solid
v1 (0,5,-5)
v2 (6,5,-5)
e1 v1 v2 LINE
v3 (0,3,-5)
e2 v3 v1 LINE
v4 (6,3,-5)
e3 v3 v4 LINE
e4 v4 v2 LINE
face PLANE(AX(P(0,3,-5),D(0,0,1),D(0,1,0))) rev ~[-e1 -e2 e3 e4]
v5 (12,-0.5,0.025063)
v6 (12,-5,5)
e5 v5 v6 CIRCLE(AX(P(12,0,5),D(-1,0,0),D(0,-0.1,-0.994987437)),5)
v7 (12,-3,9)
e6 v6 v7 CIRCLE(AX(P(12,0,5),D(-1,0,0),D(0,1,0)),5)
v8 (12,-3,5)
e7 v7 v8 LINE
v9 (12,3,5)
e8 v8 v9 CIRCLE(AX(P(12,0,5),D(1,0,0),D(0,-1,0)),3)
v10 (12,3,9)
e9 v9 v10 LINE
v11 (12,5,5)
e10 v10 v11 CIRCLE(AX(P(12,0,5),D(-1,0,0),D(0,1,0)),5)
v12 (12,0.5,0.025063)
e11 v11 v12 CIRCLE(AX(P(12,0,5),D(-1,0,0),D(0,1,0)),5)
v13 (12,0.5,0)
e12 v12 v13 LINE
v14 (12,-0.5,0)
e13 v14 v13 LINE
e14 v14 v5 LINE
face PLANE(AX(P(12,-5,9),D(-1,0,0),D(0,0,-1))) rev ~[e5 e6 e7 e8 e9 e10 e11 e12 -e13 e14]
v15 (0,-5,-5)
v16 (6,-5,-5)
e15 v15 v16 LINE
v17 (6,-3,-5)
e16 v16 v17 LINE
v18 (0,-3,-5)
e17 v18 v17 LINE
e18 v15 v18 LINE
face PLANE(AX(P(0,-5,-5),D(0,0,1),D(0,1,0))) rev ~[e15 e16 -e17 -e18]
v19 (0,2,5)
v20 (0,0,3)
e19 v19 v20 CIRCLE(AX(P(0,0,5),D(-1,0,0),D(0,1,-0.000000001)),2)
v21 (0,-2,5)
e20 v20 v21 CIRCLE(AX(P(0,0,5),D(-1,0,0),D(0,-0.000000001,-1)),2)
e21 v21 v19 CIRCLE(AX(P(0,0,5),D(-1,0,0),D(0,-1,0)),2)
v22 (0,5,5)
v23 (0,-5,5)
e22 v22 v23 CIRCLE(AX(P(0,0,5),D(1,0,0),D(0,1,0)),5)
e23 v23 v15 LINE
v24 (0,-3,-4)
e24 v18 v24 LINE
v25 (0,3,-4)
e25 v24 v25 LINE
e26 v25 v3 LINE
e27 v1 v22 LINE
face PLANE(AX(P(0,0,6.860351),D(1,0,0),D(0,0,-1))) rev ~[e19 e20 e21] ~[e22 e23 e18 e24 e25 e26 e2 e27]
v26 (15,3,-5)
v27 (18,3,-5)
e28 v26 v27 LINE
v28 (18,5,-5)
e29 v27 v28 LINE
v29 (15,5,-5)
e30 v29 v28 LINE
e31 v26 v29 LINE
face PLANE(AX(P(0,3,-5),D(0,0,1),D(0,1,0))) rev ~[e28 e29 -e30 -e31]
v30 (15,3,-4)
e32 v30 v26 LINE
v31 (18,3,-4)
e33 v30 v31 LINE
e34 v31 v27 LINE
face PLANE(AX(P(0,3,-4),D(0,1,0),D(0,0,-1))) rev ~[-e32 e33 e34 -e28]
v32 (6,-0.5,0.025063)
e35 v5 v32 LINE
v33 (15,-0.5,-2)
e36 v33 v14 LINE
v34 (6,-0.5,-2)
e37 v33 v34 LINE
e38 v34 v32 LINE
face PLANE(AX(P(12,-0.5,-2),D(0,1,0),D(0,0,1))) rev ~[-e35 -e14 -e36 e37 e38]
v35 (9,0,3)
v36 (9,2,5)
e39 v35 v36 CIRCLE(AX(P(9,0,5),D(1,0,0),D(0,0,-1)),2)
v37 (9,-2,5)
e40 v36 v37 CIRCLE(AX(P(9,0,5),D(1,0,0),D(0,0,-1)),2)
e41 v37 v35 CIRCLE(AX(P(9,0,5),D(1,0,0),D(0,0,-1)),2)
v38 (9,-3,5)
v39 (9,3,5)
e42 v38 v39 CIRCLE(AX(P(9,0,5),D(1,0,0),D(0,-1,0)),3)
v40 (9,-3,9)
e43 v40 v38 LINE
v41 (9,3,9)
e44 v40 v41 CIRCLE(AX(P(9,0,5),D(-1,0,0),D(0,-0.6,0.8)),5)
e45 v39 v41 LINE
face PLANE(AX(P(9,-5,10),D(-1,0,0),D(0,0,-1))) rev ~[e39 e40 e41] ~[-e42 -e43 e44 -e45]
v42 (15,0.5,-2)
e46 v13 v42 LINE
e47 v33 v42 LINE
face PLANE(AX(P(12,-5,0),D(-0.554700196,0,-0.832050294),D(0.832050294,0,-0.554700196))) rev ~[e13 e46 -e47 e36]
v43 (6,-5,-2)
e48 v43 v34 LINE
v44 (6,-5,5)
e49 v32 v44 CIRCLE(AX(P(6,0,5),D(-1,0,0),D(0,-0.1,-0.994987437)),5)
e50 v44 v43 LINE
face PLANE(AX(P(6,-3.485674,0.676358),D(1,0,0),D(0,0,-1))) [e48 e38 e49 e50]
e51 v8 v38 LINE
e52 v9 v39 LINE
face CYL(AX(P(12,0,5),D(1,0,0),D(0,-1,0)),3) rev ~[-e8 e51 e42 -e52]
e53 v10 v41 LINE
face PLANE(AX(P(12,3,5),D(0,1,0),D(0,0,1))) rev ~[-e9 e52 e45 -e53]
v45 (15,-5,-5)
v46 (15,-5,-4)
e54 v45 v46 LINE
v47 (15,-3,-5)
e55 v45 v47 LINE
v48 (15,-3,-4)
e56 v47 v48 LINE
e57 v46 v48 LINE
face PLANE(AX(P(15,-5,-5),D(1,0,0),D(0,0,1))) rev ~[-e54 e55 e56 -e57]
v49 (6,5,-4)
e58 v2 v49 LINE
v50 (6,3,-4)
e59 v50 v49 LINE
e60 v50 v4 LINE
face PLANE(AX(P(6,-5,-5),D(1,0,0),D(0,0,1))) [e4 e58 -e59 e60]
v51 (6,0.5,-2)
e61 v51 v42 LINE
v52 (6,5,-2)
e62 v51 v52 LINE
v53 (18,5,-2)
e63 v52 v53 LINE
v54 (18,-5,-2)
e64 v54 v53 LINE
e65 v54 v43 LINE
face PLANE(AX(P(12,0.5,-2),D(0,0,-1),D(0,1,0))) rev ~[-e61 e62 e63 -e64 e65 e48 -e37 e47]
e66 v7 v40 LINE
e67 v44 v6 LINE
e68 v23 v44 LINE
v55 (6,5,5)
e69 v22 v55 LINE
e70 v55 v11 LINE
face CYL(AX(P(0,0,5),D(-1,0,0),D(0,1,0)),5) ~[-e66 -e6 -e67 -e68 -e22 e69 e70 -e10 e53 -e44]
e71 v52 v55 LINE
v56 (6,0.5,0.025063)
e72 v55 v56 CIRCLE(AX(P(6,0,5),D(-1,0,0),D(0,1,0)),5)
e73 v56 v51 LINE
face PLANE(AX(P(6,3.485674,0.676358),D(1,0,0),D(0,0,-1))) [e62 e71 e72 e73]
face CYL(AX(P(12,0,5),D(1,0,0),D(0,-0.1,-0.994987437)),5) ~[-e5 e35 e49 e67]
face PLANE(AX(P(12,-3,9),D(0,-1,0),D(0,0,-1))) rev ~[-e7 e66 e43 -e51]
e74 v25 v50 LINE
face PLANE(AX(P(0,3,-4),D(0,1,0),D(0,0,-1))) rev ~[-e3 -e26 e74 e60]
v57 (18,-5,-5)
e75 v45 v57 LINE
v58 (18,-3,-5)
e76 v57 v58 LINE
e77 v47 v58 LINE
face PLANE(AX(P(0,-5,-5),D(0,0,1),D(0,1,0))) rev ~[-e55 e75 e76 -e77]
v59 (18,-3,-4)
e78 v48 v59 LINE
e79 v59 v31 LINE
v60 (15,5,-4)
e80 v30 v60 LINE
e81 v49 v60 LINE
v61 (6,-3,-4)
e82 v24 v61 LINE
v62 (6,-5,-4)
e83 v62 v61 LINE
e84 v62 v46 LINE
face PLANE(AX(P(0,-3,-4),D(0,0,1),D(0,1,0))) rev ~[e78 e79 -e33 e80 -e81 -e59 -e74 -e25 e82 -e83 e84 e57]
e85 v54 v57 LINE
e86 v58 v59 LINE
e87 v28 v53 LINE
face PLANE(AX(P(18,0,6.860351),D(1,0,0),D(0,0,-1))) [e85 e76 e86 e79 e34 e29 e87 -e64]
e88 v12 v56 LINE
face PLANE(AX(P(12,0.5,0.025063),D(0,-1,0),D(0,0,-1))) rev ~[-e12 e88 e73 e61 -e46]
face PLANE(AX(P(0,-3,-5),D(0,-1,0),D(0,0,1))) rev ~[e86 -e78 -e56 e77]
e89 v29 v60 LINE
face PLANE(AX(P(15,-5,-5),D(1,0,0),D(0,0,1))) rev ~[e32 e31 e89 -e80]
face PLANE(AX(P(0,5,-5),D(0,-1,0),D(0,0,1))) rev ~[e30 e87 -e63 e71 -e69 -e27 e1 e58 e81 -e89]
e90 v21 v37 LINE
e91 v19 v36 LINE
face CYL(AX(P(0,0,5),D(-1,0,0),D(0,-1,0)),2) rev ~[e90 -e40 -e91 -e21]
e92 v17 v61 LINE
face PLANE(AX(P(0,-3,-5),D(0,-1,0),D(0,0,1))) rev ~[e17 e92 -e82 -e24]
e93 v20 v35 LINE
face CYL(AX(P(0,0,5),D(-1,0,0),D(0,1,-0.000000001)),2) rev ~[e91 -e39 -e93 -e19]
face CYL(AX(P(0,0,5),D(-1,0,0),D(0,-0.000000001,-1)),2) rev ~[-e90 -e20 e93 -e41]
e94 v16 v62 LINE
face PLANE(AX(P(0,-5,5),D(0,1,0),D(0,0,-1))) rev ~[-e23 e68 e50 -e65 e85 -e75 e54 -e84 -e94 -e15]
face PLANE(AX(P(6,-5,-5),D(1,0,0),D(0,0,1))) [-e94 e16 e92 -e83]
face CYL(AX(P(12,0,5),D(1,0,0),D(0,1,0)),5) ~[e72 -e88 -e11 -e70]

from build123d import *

# Parameters (mm, degrees)
BOSS_EXTRUDE1_DEPTH     = 18
SKETCH2_W               = 9
SKETCH2_H               = 1
CUT_EXTRUDE1_DEPTH      = 18
SKETCH3_R               = 2
CUT_EXTRUDE2_DEPTH      = 3
CUT_EXTRUDE3_DEPTH      = 3
CUT_EXTRUDE3_DEPTH_BACK = 6


with BuildPart() as part:
    # Sketch1 → Boss-Extrude1 (new body)
    with BuildSketch(Plane(origin=(0, 0, 0), x_dir=(0, 0, -1), z_dir=(1, 0, 0))):
        with BuildLine():
            ThreePointArc((-5, 5), (-10, 0), (-5, -5))
            Line((-5, -5), (-5, -2))
            ThreePointArc((-5, -2), (-7, 0), (-5, 2))
            Line((-5, 2), (-5, 5))
        make_face()
        with BuildLine():
            Line((-5, -2), (-5, -5))
            ThreePointArc((-5, -5), (-1.464466094, -3.535533906), (0, 0))
            ThreePointArc((0, 0), (-1.464466094, 3.535533906), (-5, 5))
            Line((-5, 5), (-5, 2))
            ThreePointArc((-5, 2), (-3.585786438, 1.414213562), (-3, 0))
            ThreePointArc((-3, 0), (-3.585786438, -1.414213562), (-5, -2))
        make_face()
        with BuildLine():
            ThreePointArc((-5, 5), (-10, 0), (-5, -5))
            Line((-5, -5), (-5, -2))
            ThreePointArc((-5, -2), (-7, 0), (-5, 2))
            Line((-5, 2), (-5, 5))
        make_face()
        with BuildLine():
            Line((-5, -2), (-5, -5))
            ThreePointArc((-5, -5), (-1.464466094, -3.535533906), (0, 0))
            ThreePointArc((0, 0), (-1.464466094, 3.535533906), (-5, 5))
            Line((-5, 5), (-5, 2))
            ThreePointArc((-5, 2), (-3.585786438, 1.414213562), (-3, 0))
            ThreePointArc((-3, 0), (-3.585786438, -1.414213562), (-5, -2))
        make_face()
        with BuildLine():
            Line((-5, -5), (5, -5))
            Line((5, -5), (5, -3))
            Line((5, -3), (4, -3))
            Line((4, -3), (4, 3))
            Line((4, 3), (5, 3))
            Line((5, 3), (5, 5))
            Line((5, 5), (-5, 5))
            ThreePointArc((-5, 5), (-1.464466094, 3.535533906), (0, 0))
            ThreePointArc((0, 0), (-1.464466094, -3.535533906), (-5, -5))
        make_face()
    extrude(amount=BOSS_EXTRUDE1_DEPTH)

    # Sketch2 → Cut-Extrude1 (cut)
    with BuildSketch(Plane.XZ.offset(5)):
        Polygon((9, 10), (9, 9), (12, 9), (12, 0), (15, -2), (18, -2), (18, 10), align=None)
        with Locations((10.5, -4.5)):
            Rectangle(SKETCH2_W, SKETCH2_H)
    extrude(amount=-CUT_EXTRUDE1_DEPTH, mode=Mode.SUBTRACT)

    # Sketch3 → Cut-Extrude2 (cut)
    with BuildSketch(Plane(origin=(12, 0, 0), x_dir=(0, 0, -1), z_dir=(1, 0, 0))):
        with BuildLine():
            Line((-9, -3), (-5, -3))
            ThreePointArc((-5, -3), (-2, 0), (-5, 3))
            Line((-5, 3), (-9, 3))
            Line((-9, 3), (-9, -3))
        make_face()
        with Locations((-5, 0)):
            Circle(SKETCH3_R, mode=Mode.SUBTRACT)
    extrude(amount=-CUT_EXTRUDE2_DEPTH, mode=Mode.SUBTRACT)

    # Sketch4 → Cut-Extrude3 (cut, two sides)
    with BuildSketch(Plane(origin=(12, 0, 0), x_dir=(0, 0, -1), z_dir=(1, 0, 0))) as cut_extrude3_sk:
        with BuildLine():
            Line((-0.025062814, 0.5), (2, 0.5))
            Line((2, 0.5), (2, 5))
            Line((2, 5), (-5, 5))
            ThreePointArc((-5, 5), (-1.645898034, 3.708099244), (-0.025062814, 0.5))
        make_face()
        with BuildLine():
            Line((-5, -5), (2, -5))
            Line((2, -5), (2, -0.5))
            Line((2, -0.5), (-0.025062814, -0.5))
            ThreePointArc((-0.025062814, -0.5), (-1.645898034, -3.708099244), (-5, -5))
        make_face()
    extrude(amount=CUT_EXTRUDE3_DEPTH, mode=Mode.SUBTRACT)
    extrude(cut_extrude3_sk.sketch, amount=-CUT_EXTRUDE3_DEPTH_BACK, mode=Mode.SUBTRACT)


solid = part.part
